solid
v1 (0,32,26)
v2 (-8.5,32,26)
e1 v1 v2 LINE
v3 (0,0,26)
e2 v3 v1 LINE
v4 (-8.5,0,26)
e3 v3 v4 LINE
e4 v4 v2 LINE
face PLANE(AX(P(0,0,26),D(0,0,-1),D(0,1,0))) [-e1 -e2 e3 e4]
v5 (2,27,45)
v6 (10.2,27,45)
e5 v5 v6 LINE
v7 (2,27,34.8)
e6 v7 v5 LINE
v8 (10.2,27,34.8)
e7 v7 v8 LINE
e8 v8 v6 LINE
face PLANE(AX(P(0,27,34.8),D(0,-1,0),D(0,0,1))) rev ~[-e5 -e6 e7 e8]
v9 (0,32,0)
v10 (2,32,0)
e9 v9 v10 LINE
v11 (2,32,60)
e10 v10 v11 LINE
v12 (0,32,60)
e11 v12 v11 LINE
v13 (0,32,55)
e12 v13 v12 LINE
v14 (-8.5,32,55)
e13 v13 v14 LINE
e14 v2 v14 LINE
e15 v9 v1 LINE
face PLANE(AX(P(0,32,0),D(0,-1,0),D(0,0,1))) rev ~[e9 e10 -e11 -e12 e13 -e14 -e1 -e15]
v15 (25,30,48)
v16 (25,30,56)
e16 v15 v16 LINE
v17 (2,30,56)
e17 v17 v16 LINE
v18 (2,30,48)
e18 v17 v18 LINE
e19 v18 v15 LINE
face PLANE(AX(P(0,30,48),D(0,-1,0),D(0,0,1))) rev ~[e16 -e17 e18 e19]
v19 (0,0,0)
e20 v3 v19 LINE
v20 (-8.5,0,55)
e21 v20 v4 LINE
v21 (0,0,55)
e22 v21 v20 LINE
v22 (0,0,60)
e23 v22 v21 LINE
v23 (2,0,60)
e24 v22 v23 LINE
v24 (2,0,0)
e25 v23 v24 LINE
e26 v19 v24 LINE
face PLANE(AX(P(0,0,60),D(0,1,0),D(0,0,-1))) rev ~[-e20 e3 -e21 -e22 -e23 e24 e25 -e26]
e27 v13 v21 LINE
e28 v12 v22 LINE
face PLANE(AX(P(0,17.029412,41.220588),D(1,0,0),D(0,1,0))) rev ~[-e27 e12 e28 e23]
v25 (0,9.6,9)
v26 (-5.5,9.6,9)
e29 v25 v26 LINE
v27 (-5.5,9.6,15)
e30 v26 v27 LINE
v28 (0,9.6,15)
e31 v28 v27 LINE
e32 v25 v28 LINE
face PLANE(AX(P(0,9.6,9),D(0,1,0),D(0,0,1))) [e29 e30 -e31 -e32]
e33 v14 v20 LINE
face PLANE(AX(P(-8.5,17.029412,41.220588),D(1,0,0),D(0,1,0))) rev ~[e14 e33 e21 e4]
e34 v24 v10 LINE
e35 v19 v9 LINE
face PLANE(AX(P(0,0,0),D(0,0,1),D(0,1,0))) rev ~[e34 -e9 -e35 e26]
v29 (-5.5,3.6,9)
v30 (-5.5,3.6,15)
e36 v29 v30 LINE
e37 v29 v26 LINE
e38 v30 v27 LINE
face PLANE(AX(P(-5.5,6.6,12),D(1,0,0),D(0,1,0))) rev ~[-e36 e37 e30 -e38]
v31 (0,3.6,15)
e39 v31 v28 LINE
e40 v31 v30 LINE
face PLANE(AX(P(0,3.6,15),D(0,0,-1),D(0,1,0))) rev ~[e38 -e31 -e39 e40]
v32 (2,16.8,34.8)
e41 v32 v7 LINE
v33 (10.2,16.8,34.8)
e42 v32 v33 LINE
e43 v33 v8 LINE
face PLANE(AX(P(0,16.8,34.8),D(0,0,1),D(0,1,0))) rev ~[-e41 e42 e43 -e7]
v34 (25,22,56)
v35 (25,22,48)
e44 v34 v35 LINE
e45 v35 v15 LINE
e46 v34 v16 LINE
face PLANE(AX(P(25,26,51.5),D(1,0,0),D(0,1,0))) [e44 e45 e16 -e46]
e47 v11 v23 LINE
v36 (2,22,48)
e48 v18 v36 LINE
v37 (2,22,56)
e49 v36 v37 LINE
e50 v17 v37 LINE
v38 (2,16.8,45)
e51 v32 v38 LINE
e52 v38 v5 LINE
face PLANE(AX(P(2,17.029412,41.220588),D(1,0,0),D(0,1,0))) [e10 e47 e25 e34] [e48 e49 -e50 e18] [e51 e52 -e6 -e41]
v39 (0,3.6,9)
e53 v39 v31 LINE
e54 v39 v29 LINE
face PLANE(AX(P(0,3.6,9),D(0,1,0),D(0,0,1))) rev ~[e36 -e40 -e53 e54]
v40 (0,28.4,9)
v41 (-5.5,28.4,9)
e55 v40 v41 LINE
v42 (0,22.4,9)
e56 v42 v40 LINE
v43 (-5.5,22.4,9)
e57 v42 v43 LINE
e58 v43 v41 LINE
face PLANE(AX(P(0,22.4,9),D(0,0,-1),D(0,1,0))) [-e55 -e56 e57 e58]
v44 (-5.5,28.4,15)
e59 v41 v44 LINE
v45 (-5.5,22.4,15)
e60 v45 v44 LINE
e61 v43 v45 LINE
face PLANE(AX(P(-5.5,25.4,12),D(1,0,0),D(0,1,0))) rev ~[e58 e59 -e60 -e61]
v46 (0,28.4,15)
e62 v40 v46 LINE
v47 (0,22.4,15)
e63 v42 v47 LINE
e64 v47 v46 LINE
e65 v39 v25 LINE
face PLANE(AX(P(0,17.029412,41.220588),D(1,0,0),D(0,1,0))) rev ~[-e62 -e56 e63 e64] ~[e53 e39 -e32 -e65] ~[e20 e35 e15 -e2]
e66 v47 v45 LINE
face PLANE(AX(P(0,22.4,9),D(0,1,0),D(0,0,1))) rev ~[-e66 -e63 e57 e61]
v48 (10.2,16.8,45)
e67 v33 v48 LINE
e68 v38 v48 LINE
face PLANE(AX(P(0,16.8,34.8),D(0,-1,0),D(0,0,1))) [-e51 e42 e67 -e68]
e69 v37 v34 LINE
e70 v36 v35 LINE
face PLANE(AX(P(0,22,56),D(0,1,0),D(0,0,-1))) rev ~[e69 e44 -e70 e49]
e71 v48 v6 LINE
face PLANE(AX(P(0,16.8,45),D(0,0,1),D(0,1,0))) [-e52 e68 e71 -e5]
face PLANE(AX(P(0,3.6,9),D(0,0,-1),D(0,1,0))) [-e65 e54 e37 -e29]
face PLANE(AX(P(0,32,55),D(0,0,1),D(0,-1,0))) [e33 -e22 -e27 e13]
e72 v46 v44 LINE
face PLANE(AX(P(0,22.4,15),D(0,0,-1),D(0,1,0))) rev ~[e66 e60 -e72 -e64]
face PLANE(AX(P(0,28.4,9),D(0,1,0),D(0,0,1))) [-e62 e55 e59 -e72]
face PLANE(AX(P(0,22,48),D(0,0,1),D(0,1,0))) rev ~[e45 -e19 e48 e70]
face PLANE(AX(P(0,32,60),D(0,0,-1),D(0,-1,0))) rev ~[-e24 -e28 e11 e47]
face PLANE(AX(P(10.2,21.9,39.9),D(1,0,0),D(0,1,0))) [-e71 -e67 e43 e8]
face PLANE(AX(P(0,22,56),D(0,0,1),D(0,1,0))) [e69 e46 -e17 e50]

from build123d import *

# Parameters (mm, degrees)
F0_W     = 10.2
F0_H     = 10.2
F0_W_2   = 32
F0_H_2   = 26
F0_W_3   = 6
F0_H_3   = 6
F0_W_4   = 8
F0_H_4   = 7
F0_H_5   = 1
F1_DEPTH = 2
F2_DEPTH = 8.5
F3_DEPTH = 10.2
F4_DEPTH = 25
F6_DEPTH = 5.5


with BuildPart() as f1:
    # F0 (on Right) → F1 (new body)
    with BuildSketch(Plane.YZ):
        Polygon((0, 55), (0, 26), (32, 26), (32, 55), (30, 55), (30, 48), (22, 48), (22, 55), align=None)
        with Locations((21.9, 39.9)):
            Rectangle(F0_W, F0_H, mode=Mode.SUBTRACT)
        with Locations((16, 13)):
            Rectangle(F0_W_2, F0_H_2)
        with Locations((6.6, 12)):
            Rectangle(F0_W_3, F0_H_3, mode=Mode.SUBTRACT)
        with Locations((25.4, 12)):
            Rectangle(F0_W_3, F0_H_3, mode=Mode.SUBTRACT)
        Polygon((0, 60), (0, 55), (22, 55), (22, 56), (30, 56), (30, 55), (32, 55), (32, 60), align=None)
        with Locations((21.9, 39.9)):
            Rectangle(F0_W, F0_H)
        with Locations((26, 51.5)):
            Rectangle(F0_W_4, F0_H_4)
        with Locations((25.4, 12)):
            Rectangle(F0_W_3, F0_H_3)
        with Locations((6.6, 12)):
            Rectangle(F0_W_3, F0_H_3)
        with Locations((26, 55.5)):
            Rectangle(F0_W_4, F0_H_5)
    extrude(amount=F1_DEPTH)

    # F0 (on Right) → F2 (join)
    with BuildSketch(Plane.YZ):
        Polygon((0, 55), (0, 26), (32, 26), (32, 55), (30, 55), (30, 48), (22, 48), (22, 55), align=None)
        with Locations((21.9, 39.9)):
            Rectangle(F0_W, F0_H, mode=Mode.SUBTRACT)
        with Locations((26, 51.5)):
            Rectangle(F0_W_4, F0_H_4)
        with Locations((21.9, 39.9)):
            Rectangle(F0_W, F0_H)
    extrude(amount=-F2_DEPTH)

    # F0 (on Right) → F4 (join)
    with BuildSketch(Plane.YZ):
        with Locations((26, 51.5)):
            Rectangle(F0_W_4, F0_H_4)
        with Locations((26, 55.5)):
            Rectangle(F0_W_4, F0_H_5)
    extrude(amount=F4_DEPTH)


with BuildPart() as f3:
    # F0 (on Right) → F3 (new body)
    with BuildSketch(Plane.YZ):
        with Locations((21.9, 39.9)):
            Rectangle(F0_W, F0_H)
    extrude(amount=F3_DEPTH)

    # F5: union F1
    add(f1.part)

    # F0 (on Right) → F6 (join)
    with BuildSketch(Plane.YZ):
        with Locations((6.6, 12)):
            Rectangle(F0_W_3, F0_H_3)
        with Locations((25.4, 12)):
            Rectangle(F0_W_3, F0_H_3)
    extrude(amount=-F6_DEPTH)


solid = f3.part
